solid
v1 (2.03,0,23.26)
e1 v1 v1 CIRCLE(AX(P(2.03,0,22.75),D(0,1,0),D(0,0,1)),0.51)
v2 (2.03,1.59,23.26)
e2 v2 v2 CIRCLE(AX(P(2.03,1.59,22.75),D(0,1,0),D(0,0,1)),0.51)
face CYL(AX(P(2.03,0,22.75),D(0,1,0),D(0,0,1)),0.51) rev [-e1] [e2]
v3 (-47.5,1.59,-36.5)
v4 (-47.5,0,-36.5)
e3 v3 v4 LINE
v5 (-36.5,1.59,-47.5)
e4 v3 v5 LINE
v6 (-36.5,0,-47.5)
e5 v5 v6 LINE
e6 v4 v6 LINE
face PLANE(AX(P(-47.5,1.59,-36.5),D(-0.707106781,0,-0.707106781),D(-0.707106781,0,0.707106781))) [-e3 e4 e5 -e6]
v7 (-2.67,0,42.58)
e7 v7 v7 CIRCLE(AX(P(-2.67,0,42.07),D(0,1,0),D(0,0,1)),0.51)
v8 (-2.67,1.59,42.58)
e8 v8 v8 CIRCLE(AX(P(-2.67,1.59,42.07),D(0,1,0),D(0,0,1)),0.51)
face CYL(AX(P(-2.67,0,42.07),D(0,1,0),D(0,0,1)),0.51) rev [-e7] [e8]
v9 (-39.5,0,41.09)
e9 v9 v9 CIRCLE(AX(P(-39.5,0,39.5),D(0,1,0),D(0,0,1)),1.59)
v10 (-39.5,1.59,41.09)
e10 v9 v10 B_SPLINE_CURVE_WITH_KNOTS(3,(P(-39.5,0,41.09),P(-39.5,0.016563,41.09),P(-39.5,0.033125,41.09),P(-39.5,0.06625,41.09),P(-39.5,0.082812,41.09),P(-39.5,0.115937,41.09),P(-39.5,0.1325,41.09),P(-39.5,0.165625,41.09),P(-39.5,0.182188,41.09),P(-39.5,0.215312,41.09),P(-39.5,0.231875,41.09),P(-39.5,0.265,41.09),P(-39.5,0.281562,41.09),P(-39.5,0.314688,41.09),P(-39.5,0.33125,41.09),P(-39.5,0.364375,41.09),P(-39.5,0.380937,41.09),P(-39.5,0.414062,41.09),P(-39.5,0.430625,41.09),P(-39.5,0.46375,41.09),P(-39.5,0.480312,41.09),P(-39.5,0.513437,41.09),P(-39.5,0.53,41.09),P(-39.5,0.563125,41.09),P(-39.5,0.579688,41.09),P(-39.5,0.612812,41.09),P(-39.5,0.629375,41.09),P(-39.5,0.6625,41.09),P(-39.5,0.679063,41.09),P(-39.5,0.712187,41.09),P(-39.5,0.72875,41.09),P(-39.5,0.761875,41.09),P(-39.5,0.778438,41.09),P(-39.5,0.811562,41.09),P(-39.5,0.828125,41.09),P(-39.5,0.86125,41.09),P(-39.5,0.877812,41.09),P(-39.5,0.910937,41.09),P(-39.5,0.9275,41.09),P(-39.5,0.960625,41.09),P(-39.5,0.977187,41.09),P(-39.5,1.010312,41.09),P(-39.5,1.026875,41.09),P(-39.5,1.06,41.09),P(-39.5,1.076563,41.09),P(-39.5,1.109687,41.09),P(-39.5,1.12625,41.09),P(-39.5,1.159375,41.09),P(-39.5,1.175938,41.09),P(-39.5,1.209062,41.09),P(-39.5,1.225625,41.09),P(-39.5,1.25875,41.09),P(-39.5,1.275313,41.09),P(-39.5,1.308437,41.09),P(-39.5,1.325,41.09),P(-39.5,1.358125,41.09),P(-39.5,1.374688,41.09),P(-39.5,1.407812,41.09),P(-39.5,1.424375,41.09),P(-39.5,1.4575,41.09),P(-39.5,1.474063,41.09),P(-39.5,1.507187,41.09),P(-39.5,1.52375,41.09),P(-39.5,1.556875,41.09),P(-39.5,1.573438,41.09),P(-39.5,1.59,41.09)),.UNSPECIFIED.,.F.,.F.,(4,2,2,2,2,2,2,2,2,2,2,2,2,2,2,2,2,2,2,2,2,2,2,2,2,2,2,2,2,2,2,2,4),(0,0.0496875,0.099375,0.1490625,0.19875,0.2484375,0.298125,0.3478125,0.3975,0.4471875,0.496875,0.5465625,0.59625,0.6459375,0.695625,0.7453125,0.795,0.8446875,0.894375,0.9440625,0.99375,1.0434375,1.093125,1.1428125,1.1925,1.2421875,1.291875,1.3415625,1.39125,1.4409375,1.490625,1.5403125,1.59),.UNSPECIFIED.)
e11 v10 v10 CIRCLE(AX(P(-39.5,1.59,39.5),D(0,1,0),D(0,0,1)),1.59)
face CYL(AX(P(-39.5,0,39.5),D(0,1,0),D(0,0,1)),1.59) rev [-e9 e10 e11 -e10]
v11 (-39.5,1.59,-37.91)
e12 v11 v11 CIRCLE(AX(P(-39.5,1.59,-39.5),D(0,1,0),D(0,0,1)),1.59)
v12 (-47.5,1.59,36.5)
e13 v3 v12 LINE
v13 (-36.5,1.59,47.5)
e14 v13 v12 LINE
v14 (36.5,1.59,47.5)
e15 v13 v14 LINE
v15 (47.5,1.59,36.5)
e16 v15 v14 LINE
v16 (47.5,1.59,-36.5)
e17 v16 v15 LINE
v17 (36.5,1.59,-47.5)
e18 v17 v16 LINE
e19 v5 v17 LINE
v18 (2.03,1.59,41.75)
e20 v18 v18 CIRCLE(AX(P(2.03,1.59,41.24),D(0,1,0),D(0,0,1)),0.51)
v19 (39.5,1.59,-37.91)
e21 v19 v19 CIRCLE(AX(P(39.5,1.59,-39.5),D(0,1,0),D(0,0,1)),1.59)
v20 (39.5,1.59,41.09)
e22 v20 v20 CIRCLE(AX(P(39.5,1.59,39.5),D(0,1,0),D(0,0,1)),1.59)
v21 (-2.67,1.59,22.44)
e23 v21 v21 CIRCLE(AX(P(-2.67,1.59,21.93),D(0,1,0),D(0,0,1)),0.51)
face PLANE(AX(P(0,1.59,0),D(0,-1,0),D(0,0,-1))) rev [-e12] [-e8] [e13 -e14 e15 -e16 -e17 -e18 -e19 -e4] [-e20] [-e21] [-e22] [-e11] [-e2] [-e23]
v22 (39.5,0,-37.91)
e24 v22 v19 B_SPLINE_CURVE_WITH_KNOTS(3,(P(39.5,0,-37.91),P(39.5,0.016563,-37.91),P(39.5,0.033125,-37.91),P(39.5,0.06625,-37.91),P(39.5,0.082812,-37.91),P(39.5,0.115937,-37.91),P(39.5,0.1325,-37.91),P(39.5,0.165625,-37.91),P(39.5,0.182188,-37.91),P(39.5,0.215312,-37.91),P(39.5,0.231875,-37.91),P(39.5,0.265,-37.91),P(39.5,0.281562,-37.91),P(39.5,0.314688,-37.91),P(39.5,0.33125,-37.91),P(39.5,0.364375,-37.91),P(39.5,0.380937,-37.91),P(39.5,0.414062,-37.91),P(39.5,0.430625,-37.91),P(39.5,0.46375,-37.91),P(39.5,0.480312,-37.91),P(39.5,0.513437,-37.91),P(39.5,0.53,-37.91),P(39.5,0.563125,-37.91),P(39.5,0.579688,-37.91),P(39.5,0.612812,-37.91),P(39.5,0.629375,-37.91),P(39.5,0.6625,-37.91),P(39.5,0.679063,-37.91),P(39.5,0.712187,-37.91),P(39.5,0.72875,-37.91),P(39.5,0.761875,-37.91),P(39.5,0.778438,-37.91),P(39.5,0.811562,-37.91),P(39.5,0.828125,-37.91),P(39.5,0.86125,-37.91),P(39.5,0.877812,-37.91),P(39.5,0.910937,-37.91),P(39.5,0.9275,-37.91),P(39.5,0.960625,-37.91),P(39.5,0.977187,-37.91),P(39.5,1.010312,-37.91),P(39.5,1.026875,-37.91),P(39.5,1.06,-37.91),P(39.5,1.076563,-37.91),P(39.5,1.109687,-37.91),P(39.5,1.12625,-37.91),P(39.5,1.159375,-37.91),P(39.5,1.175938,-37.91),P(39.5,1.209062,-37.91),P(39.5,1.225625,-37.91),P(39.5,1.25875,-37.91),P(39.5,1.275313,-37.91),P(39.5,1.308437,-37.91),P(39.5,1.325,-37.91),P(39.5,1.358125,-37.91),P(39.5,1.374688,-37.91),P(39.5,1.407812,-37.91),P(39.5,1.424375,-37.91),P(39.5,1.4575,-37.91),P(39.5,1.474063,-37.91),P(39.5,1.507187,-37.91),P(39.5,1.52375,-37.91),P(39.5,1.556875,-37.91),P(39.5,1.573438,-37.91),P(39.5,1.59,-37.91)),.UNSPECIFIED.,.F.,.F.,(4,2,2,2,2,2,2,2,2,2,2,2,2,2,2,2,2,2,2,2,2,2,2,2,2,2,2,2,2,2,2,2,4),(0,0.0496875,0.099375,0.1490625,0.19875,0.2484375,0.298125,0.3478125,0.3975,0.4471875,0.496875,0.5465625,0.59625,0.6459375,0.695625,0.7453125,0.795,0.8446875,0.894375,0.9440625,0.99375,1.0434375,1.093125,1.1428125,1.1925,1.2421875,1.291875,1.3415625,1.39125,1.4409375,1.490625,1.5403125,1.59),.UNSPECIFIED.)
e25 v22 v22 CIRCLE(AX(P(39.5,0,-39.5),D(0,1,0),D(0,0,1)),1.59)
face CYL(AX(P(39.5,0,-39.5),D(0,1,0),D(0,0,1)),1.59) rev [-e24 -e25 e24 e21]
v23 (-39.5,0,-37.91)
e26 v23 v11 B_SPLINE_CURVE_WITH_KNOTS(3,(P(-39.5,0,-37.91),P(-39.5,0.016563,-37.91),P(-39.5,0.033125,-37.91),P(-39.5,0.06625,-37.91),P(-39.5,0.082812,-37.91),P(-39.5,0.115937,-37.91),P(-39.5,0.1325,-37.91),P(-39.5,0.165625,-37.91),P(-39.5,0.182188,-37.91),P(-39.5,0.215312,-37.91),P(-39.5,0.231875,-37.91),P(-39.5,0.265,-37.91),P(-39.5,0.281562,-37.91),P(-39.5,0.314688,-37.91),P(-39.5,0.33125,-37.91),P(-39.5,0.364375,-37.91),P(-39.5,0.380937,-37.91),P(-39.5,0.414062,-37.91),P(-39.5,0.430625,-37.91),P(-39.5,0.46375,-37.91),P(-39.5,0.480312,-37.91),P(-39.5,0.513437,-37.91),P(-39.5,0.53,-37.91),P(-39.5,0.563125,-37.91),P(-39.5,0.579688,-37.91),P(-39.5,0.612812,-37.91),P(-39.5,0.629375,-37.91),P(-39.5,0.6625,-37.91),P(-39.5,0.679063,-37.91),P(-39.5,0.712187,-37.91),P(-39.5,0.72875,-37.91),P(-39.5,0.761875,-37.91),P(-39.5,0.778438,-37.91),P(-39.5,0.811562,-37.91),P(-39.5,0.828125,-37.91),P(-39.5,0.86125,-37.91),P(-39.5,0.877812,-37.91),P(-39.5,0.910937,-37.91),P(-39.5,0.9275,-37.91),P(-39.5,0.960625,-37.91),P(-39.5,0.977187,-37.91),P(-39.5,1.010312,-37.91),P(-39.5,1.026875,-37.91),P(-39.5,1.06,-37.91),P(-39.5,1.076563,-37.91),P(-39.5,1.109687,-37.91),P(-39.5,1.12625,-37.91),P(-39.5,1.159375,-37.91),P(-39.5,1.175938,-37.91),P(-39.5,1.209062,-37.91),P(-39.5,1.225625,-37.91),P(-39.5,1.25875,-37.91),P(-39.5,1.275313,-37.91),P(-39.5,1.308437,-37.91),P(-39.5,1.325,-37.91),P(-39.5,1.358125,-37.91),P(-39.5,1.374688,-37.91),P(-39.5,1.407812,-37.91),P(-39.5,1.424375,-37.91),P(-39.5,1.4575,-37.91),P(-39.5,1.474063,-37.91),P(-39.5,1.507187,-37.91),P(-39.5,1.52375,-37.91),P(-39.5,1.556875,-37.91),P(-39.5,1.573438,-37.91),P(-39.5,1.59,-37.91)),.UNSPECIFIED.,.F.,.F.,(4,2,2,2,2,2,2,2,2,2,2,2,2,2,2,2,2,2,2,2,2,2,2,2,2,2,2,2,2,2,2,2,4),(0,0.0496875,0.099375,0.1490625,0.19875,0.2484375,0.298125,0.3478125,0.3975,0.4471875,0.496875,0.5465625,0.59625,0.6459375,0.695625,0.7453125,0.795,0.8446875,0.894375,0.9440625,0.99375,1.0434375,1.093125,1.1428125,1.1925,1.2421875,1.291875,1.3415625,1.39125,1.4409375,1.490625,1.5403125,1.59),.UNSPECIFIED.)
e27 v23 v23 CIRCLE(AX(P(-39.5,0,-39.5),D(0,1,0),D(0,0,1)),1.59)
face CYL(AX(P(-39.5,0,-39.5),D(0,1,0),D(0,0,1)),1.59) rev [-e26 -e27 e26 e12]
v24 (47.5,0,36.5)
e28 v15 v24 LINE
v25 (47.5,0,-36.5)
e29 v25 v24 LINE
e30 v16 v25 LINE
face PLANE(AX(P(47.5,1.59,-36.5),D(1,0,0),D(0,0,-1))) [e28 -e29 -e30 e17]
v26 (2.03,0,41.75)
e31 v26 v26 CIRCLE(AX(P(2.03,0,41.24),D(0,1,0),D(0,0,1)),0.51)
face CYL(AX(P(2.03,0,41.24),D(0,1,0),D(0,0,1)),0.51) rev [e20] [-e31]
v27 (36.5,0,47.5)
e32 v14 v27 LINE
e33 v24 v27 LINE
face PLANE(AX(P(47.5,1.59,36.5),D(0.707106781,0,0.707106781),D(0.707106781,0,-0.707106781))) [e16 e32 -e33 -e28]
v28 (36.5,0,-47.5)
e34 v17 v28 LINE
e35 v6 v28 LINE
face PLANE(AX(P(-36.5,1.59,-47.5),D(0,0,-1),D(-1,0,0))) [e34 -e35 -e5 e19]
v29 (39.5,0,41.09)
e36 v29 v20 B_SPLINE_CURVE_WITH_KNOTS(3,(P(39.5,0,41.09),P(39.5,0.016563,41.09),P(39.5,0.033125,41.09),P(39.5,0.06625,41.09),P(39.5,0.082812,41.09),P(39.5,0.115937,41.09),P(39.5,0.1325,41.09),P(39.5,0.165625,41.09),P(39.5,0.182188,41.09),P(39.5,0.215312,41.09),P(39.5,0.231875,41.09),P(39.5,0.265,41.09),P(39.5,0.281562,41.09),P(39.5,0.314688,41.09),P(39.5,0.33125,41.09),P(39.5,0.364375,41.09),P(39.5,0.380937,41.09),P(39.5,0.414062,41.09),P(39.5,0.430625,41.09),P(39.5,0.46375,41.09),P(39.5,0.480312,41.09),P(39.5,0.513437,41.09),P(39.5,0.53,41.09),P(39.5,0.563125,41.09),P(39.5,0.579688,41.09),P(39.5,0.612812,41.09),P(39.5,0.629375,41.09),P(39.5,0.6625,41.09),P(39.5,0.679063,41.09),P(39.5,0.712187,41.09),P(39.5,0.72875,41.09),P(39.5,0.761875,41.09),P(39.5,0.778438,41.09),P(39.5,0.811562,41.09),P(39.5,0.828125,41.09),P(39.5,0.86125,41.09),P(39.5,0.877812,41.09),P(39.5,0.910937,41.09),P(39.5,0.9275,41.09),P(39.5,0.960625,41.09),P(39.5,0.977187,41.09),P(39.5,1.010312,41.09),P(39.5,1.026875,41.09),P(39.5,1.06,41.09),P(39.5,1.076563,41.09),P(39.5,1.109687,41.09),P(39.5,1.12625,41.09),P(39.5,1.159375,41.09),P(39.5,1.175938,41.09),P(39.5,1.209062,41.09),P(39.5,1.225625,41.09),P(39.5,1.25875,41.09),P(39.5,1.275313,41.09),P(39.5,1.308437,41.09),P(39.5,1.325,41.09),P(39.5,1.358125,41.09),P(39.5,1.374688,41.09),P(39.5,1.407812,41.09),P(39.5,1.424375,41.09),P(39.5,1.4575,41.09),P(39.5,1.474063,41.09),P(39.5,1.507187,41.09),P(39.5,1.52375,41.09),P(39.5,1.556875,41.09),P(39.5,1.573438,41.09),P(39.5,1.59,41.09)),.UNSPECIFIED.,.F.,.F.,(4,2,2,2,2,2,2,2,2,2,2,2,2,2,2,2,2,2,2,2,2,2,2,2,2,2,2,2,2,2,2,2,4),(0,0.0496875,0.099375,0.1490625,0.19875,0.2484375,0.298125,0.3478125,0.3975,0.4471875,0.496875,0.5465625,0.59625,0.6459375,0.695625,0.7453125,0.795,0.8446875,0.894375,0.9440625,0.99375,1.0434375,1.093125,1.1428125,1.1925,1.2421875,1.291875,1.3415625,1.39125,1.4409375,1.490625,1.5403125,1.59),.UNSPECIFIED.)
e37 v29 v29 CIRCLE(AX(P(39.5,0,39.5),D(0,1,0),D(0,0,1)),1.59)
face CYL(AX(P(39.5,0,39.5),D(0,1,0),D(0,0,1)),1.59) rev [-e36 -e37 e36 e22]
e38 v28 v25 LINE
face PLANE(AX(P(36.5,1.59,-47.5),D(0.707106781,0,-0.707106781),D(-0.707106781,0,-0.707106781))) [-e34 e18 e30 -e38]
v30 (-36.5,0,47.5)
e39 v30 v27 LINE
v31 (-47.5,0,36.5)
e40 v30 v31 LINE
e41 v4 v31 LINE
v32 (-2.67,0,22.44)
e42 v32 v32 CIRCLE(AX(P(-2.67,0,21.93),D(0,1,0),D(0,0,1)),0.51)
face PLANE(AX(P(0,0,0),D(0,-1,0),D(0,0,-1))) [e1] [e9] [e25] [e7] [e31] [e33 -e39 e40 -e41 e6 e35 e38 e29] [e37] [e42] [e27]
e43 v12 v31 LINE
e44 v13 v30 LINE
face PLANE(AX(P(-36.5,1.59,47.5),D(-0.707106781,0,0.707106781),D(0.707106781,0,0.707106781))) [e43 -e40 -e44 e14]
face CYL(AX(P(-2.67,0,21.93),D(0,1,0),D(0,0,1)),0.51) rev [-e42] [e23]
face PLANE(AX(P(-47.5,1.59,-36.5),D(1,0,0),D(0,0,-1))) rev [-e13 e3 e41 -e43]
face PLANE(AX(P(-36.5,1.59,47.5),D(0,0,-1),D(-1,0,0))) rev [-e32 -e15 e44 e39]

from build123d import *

# Parameters (mm, degrees)
BOSS_EXTRUDE1_DEPTH = 1.59
SKETCH2_R           = 1.59
SKETCH2_R_2         = 0.51
CUT_EXTRUDE2_DEPTH  = 68.193958806


with BuildPart() as part:
    # Sketch1 → Boss-Extrude1 (new body)
    with BuildSketch(Plane(origin=(0, 0, 0), x_dir=(1, 0, 0), z_dir=(0, 1, 0))):
        Polygon((-47.5, 36.5), (-36.5, 47.5), (36.5, 47.5), (47.5, 36.5), (47.5, -36.5), (36.5, -47.5), (-36.5, -47.5), (-47.5, -36.5), align=None)
    extrude(amount=BOSS_EXTRUDE1_DEPTH)

    # Sketch2 → Cut-Extrude2 (cut, through all)
    with BuildSketch(Plane(origin=(0, 1.59, 0), x_dir=(1, 0, 0), z_dir=(0, 1, 0))):
        with Locations(Location((-39.5, 39.5, 0), (0, 0, 270))):
            Circle(SKETCH2_R)
        with Locations(Location((-39.5, -39.5, 0), (0, 0, 270))):
            Circle(SKETCH2_R)
        with Locations(Location((39.5, -39.5, 0), (0, 0, 270))):
            Circle(SKETCH2_R)
        with Locations(Location((39.5, 39.5, 0), (0, 0, 270))):
            Circle(SKETCH2_R)
        with Locations(Location((-2.67, -21.93, 0), (0, 0, 270))):
            Circle(SKETCH2_R_2)
        with Locations(Location((2.03, -22.75, 0), (0, 0, 270))):
            Circle(SKETCH2_R_2)
        with Locations(Location((-2.67, -42.07, 0), (0, 0, 270))):
            Circle(SKETCH2_R_2)
        with Locations(Location((2.03, -41.24, 0), (0, 0, 270))):
            Circle(SKETCH2_R_2)
    extrude(amount=-CUT_EXTRUDE2_DEPTH, mode=Mode.SUBTRACT)


solid = part.part
